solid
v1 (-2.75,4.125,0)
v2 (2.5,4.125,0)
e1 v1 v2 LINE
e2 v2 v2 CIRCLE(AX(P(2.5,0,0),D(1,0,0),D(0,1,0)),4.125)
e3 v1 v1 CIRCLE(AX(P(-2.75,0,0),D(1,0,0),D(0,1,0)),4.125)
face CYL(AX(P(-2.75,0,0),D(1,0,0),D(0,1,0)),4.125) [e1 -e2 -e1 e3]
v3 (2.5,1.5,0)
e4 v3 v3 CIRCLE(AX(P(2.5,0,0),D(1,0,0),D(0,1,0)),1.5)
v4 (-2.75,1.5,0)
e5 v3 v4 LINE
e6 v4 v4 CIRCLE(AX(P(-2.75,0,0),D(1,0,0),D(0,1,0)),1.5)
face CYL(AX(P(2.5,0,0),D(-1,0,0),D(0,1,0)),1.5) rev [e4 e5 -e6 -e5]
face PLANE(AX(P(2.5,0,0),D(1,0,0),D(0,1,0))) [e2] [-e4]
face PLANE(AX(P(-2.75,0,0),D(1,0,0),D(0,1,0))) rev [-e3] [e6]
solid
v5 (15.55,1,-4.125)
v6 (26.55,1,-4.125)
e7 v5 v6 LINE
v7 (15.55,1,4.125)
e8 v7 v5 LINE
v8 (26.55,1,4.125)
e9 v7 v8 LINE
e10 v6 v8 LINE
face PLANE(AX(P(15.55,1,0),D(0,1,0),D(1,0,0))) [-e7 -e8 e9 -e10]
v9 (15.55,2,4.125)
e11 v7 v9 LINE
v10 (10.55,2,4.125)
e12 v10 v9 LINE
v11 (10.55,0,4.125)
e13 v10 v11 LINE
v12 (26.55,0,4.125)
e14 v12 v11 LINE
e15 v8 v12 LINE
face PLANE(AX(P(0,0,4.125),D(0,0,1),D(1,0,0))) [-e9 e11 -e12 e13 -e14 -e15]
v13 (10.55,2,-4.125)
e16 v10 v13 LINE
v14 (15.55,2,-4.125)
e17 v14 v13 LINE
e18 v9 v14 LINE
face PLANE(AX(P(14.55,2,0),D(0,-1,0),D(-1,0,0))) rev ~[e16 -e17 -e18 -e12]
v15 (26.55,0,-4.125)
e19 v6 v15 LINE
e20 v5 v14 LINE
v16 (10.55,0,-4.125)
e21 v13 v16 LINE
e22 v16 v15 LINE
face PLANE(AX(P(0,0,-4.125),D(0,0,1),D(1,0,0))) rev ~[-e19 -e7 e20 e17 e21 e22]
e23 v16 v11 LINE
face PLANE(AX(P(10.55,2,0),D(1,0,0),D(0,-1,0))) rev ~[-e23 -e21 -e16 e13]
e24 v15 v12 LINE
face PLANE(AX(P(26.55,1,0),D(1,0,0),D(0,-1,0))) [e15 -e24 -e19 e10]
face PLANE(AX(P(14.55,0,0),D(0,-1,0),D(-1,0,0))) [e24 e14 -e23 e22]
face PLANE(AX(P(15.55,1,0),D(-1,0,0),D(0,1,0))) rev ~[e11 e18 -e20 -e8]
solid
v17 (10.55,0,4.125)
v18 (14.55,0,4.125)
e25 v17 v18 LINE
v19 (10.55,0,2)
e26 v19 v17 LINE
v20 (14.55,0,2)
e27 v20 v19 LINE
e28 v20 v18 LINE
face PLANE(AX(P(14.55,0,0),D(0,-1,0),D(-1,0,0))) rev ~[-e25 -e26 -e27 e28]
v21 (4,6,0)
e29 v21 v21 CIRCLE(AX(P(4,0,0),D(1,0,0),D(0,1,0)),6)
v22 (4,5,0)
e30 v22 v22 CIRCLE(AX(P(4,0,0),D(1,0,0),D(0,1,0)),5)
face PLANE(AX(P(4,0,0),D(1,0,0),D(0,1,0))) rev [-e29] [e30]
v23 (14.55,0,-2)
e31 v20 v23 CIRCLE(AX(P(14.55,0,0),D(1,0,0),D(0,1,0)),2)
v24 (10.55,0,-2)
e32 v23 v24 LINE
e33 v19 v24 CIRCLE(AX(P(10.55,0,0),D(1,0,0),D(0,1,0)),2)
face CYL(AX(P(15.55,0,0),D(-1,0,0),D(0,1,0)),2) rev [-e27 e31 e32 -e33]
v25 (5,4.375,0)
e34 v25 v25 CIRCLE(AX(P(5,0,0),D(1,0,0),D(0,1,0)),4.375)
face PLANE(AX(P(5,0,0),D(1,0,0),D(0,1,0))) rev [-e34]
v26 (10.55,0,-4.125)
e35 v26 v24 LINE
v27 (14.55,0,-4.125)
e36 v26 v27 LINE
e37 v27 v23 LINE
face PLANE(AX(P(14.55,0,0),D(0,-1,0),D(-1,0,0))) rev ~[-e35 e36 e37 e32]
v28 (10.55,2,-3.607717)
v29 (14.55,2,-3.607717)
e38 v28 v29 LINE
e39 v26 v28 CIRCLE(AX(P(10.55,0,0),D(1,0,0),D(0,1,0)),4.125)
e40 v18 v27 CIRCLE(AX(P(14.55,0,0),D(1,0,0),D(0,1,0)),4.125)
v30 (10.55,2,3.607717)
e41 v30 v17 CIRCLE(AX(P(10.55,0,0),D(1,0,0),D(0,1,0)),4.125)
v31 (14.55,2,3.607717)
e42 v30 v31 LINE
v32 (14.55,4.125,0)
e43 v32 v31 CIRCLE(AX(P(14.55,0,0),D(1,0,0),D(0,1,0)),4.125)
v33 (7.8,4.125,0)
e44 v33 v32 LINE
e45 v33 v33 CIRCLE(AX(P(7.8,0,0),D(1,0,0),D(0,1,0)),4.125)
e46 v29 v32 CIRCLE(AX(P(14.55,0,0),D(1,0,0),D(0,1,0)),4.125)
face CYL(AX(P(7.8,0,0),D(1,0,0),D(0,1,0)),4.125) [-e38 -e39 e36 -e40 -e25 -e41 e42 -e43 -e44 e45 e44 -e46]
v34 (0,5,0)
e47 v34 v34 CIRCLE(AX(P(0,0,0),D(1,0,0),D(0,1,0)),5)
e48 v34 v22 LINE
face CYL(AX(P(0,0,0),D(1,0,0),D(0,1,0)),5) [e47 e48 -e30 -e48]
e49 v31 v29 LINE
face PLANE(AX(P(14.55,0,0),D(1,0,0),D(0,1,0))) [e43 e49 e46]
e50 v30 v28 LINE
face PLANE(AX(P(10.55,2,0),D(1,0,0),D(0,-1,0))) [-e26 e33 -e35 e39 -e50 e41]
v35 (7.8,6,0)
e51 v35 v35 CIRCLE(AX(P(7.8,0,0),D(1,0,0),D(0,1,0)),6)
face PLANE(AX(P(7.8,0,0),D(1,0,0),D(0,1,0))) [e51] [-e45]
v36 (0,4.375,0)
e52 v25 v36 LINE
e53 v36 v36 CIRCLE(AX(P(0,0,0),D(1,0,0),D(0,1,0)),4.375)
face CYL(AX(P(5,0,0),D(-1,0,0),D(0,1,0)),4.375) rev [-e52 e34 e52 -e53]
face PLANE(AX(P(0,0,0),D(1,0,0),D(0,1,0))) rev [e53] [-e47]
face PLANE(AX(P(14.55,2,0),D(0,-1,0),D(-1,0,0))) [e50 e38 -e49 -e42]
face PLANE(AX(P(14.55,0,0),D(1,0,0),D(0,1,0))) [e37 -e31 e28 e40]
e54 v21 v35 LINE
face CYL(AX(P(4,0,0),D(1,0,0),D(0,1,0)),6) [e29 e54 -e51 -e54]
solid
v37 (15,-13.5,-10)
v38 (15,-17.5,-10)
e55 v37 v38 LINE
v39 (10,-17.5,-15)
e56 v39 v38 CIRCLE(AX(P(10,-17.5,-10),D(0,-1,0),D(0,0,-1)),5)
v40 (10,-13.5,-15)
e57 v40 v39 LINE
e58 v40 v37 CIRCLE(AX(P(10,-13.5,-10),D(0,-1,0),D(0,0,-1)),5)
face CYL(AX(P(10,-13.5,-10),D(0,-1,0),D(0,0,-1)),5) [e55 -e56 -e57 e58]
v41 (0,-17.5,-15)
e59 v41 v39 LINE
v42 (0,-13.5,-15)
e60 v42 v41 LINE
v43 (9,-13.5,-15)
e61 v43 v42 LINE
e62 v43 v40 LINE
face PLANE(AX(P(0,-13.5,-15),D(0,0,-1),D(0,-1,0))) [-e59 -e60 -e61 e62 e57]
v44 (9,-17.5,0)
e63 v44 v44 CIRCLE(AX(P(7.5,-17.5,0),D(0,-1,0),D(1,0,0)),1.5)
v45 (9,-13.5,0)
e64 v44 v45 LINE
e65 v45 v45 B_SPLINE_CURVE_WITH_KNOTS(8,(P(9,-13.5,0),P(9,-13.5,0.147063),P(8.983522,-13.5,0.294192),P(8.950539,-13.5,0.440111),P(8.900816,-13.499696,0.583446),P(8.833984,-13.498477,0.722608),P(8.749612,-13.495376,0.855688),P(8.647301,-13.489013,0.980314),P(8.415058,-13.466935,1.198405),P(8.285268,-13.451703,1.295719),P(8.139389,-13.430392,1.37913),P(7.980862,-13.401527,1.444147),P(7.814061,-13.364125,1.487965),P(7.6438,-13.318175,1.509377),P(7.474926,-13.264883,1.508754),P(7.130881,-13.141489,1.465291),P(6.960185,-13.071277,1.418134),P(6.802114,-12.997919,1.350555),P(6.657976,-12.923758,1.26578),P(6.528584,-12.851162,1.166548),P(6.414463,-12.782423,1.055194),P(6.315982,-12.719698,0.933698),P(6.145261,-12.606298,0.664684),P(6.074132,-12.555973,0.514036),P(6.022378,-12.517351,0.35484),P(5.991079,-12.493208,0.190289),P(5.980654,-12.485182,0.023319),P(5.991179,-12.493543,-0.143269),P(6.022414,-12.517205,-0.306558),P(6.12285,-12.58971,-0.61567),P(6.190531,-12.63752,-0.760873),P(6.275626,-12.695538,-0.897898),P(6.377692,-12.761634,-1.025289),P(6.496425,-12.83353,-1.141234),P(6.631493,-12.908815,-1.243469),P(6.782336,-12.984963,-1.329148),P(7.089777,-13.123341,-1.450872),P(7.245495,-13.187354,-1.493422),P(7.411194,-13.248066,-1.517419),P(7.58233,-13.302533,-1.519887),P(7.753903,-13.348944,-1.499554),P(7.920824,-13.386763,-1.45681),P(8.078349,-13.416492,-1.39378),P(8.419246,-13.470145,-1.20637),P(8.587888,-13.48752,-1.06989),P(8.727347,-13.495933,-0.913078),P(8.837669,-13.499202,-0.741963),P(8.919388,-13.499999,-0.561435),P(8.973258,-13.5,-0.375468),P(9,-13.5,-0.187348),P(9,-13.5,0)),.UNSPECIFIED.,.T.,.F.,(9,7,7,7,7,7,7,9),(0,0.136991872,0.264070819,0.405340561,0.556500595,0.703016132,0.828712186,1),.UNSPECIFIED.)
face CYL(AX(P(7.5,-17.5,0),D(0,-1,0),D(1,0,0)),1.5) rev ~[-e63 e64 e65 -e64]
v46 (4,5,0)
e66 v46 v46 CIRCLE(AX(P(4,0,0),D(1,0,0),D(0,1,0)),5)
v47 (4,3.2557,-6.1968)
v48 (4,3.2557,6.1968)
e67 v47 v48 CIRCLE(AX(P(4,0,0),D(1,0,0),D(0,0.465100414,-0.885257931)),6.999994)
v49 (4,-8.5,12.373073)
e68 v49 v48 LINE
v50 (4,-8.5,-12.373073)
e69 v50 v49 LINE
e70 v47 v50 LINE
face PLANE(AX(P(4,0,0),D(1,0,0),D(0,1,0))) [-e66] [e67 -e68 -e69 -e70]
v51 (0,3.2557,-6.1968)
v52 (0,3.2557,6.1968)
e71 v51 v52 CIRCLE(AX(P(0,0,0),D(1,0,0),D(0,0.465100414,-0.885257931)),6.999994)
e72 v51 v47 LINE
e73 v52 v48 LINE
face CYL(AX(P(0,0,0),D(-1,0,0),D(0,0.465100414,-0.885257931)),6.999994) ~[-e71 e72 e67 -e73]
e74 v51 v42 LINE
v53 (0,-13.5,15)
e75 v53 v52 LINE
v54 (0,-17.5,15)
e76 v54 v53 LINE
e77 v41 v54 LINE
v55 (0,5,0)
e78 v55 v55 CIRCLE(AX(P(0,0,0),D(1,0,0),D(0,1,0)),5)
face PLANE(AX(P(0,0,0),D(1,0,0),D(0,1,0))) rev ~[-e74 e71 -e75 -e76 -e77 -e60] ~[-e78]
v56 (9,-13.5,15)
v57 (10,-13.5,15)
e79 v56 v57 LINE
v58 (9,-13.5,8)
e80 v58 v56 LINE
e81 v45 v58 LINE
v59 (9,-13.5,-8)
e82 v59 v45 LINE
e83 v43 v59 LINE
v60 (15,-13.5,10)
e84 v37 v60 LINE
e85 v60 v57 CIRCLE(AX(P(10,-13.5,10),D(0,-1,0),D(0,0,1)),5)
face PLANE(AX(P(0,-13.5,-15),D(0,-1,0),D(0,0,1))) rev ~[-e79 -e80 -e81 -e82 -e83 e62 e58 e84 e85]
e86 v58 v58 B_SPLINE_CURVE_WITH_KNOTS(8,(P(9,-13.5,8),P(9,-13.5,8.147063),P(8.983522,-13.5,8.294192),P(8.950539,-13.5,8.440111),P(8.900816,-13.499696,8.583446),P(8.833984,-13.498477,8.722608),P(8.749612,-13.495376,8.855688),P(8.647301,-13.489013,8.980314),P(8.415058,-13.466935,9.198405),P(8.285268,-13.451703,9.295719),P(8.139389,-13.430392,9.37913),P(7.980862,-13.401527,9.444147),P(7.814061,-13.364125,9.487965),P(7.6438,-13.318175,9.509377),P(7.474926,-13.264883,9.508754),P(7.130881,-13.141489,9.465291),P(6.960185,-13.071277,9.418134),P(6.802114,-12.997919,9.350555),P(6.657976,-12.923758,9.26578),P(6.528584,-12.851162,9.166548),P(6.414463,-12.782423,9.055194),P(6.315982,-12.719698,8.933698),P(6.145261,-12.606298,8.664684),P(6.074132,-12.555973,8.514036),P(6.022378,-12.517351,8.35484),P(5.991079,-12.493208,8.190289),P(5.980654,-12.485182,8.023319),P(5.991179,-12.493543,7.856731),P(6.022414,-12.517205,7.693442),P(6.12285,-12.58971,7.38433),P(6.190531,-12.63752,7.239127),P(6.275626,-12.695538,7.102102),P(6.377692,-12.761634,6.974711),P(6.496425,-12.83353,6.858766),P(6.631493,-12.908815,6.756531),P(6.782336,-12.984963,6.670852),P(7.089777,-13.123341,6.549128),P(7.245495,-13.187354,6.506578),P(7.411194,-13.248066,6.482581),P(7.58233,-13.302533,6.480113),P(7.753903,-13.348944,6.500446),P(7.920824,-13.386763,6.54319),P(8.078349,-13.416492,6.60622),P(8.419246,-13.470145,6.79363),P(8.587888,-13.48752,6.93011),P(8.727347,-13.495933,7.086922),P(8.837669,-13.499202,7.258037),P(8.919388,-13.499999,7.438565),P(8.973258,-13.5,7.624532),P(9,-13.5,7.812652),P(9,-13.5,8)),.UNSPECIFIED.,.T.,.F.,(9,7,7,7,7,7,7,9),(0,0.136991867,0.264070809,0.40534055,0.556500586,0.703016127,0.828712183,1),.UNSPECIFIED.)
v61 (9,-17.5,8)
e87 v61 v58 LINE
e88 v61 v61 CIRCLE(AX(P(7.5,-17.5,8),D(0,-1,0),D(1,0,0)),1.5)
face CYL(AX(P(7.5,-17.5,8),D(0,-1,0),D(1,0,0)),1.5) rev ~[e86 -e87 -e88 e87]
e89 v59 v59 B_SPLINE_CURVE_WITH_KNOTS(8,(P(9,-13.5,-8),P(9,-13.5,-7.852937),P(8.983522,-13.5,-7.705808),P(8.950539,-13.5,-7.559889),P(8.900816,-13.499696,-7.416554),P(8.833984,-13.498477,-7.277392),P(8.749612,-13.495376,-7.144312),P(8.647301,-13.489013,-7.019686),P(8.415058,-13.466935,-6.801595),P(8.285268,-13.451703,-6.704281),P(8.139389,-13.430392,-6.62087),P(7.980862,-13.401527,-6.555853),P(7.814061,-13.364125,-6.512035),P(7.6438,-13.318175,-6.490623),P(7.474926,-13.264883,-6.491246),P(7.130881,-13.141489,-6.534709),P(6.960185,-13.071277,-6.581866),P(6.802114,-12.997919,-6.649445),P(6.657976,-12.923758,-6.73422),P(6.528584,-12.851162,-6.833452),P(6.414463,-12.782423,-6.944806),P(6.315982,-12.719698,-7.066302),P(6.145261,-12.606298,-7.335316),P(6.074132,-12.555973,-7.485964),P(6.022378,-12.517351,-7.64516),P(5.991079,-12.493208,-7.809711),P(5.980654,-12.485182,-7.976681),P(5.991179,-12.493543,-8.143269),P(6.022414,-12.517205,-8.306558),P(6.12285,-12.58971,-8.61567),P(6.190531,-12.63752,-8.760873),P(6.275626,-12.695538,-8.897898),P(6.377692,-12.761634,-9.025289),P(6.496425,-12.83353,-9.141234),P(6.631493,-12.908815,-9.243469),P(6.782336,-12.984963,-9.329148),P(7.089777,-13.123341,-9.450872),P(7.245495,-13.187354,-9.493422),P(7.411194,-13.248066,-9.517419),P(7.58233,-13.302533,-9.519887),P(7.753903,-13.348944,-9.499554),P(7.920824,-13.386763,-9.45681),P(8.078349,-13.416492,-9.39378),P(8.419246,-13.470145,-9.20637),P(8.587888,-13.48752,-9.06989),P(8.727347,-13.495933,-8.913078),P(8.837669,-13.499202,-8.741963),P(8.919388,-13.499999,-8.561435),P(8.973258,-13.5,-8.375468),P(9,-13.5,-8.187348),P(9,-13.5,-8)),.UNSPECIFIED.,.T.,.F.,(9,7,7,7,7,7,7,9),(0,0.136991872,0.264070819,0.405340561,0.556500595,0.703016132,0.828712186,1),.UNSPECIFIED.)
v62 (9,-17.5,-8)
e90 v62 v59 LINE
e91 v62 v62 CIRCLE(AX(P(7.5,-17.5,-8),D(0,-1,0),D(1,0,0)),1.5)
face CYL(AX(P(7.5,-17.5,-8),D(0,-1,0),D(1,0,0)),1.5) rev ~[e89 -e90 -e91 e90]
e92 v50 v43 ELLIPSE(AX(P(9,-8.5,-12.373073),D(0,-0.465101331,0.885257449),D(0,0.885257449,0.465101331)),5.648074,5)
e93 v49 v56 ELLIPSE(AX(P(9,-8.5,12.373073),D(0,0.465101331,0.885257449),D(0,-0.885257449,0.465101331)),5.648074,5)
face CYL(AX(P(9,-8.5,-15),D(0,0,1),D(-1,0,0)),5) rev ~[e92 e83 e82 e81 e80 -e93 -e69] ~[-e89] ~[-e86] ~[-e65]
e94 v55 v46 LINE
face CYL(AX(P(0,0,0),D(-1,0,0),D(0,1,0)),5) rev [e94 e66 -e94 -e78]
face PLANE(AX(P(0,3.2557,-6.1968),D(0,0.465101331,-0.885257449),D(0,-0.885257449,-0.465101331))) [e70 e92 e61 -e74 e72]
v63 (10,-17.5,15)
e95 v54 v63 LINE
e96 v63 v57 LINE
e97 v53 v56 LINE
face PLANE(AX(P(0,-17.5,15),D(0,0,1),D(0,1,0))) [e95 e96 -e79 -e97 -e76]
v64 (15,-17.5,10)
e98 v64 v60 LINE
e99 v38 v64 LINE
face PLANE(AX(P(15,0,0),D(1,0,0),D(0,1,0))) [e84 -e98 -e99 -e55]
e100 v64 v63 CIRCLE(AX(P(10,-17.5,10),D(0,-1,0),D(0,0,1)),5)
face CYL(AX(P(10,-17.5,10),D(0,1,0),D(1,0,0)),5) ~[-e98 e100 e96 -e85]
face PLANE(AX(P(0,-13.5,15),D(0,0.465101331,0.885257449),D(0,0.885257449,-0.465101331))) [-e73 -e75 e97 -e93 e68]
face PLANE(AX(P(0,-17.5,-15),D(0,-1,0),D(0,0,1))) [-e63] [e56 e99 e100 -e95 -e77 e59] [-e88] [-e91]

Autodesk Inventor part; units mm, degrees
ref_plane "YZ Plane" through (0, 0, 0) normal (1, 0, 0) x (0, 1, 0)
ref_plane "XZ Plane" through (0, 0, 0) normal (0, 1, 0) x (-1, 0, 0)
ref_plane "XY Plane" through (0, 0, 0) normal (0, 0, 1) x (1, 0, 0)
sketch "Sketch1" plane through (0, 0, 0) normal (0, 0, 1) x (1, 0, 0)
  line L0 (0, 5) -> (4, 5)
  line L1 (4, 5) -> (4, 6)
  line L2 (4, 6) -> (7.8, 6)
  line L3 (7.8, 6) -> (7.8, 4.125)
  line L4 (7.8, 4.125) -> (14.55, 4.125)
  line L5 (14.55, 4.125) -> (14.55, 0)
  line L6 (14.55, 0) -> (5, 0)
  line L7 (5, 0) -> (5, 4.375)
  line L8 (5, 4.375) -> (0, 4.375)
  line L9 (0, 4.375) -> (0, 5)
  line L10 (-2.75, 4.125) -> (2.5, 4.125)
  line L11 (2.5, 4.125) -> (2.5, 1.5)
  line L12 (2.5, 1.5) -> (-2.75, 1.5)
  line L13 (-2.75, 1.5) -> (-2.75, 4.125)
  line L14 (10.55, 0) -> (15.55, 0)
  line L15 (15.55, 0) -> (15.55, 2)
  line L16 (15.55, 2) -> (10.55, 2)
  line L17 (10.55, 2) -> (10.55, 0)
  line L18 (15.55, 1) -> (26.55, 1)
  line L19 (26.55, 1) -> (26.55, 0)
  line L20 (26.55, 0) -> (15.55, 0)
  line L21 (15.55, 0) -> (15.55, 1)
  line L22 (-8.61, 0) -> (32.41, 0) projected
  point P0 (0, 0)
  point P1 (2.5, 4.375)
  point P2 (14.55, 2)
  point P3 (14.55, 0)
  dimension "d0" = 6
  dimension "d1" = 5
  dimension "d2" = 1.5
  dimension "d3" = 0.25
  dimension "d5" = 2.75
  dimension "d6" = 5
  dimension "d7" = 4.125
  dimension "d8" = 4
  dimension "d9" = 3.8
  dimension "d10" = 6.75
  dimension "d11" = 4
  dimension "d12" = 2
  dimension "d13" = 5
  dimension "d14" = 11
  dimension "d15" = 4.125
revolve "Revolution1" add sketch "Sketch1" angle 360 about axis through (-10, 0, 0) along (1, 0, 0) contours L0 L1 L2 L3 L4 L5 L16 L17 L6 L7 L8 L9
revolve "Revolution2" add sketch "Sketch1" angle 360 about axis through (-10, 0, 0) along (1, 0, 0) separate body contours L10 L11 L12 L13
extrude "Extrusion1" cut sketch "Sketch1" along normal through all both and the other way through all contours L17 L16 L5 L6
extrude "Extrusion2" add sketch "Sketch1" along normal mid plane 8.25 separate body contours L17 L16 L5 L6 | L5 L16 L15 L14 | L15 L18 L19 L20
sketch "Sketch2" plane through (0, 0, 0) normal (1, 0, 0) x (0, 1, 0)
  circle A0 centre (0, 0) radius 5
  arc A1 (3.2557, -6.1968) -> (3.2557, 6.1968) centre (0, 0) ccw
  line L0 (3.2557, -6.1968) -> (-13.5, -15)
  line L1 (-13.5, -15) -> (-17.5, -15)
  line L2 (-17.5, -15) -> (-17.5, 15)
  line L3 (-17.5, 15) -> (-13.5, 15)
  line L4 (-13.5, 15) -> (3.2557, 6.1968)
  line L5 (-13.5, -15) -> (-13.5, 15)
  line L6 (0, 0) -> (-13.5, 0) construction
  dimension "d22" = 10
  dimension "d23" = 4
  dimension "d24" = 2
  dimension "d25" = 17.5
  dimension "d26" = 30
extrude "Extrusion3" add sketch "Sketch2" along normal blind 4 separate body contours L0 L5 L4 A1
extrude "Extrusion4" add sketch "Sketch2" along normal blind 15 contours L1 L2 L3 L5
sketch "Sketch3" plane through (0, -17.5, -15) normal (0, -1, 0) x (1, 0, 0)
  circle A0 centre (7.5, 23) radius 1.5
  circle A1 centre (7.5, 7) radius 1.5
  circle A2 centre (7.5, 15) radius 1.5
  line L0 (7.5, 7) -> (7.5, 23) construction
  line L1 (0, 30) -> (0, 0) construction
  point P0 (0, 15)
  point P1 (0, 15)
  dimension "d32" = 3
  dimension "d33" = 3
  dimension "d34" = 3
  dimension "d35" = 16
  dimension "d36" = 7.5
fillet "Fillet1" radius 5 1 edges at (4, -13.5, 0)
extrude "Extrusion5" cut sketch "Sketch3" against normal up to surface
fillet "Fillet2" radius 5 2 edges at (15, -15.5, 15) (15, -15.5, -15)
properties part number "Laser"
